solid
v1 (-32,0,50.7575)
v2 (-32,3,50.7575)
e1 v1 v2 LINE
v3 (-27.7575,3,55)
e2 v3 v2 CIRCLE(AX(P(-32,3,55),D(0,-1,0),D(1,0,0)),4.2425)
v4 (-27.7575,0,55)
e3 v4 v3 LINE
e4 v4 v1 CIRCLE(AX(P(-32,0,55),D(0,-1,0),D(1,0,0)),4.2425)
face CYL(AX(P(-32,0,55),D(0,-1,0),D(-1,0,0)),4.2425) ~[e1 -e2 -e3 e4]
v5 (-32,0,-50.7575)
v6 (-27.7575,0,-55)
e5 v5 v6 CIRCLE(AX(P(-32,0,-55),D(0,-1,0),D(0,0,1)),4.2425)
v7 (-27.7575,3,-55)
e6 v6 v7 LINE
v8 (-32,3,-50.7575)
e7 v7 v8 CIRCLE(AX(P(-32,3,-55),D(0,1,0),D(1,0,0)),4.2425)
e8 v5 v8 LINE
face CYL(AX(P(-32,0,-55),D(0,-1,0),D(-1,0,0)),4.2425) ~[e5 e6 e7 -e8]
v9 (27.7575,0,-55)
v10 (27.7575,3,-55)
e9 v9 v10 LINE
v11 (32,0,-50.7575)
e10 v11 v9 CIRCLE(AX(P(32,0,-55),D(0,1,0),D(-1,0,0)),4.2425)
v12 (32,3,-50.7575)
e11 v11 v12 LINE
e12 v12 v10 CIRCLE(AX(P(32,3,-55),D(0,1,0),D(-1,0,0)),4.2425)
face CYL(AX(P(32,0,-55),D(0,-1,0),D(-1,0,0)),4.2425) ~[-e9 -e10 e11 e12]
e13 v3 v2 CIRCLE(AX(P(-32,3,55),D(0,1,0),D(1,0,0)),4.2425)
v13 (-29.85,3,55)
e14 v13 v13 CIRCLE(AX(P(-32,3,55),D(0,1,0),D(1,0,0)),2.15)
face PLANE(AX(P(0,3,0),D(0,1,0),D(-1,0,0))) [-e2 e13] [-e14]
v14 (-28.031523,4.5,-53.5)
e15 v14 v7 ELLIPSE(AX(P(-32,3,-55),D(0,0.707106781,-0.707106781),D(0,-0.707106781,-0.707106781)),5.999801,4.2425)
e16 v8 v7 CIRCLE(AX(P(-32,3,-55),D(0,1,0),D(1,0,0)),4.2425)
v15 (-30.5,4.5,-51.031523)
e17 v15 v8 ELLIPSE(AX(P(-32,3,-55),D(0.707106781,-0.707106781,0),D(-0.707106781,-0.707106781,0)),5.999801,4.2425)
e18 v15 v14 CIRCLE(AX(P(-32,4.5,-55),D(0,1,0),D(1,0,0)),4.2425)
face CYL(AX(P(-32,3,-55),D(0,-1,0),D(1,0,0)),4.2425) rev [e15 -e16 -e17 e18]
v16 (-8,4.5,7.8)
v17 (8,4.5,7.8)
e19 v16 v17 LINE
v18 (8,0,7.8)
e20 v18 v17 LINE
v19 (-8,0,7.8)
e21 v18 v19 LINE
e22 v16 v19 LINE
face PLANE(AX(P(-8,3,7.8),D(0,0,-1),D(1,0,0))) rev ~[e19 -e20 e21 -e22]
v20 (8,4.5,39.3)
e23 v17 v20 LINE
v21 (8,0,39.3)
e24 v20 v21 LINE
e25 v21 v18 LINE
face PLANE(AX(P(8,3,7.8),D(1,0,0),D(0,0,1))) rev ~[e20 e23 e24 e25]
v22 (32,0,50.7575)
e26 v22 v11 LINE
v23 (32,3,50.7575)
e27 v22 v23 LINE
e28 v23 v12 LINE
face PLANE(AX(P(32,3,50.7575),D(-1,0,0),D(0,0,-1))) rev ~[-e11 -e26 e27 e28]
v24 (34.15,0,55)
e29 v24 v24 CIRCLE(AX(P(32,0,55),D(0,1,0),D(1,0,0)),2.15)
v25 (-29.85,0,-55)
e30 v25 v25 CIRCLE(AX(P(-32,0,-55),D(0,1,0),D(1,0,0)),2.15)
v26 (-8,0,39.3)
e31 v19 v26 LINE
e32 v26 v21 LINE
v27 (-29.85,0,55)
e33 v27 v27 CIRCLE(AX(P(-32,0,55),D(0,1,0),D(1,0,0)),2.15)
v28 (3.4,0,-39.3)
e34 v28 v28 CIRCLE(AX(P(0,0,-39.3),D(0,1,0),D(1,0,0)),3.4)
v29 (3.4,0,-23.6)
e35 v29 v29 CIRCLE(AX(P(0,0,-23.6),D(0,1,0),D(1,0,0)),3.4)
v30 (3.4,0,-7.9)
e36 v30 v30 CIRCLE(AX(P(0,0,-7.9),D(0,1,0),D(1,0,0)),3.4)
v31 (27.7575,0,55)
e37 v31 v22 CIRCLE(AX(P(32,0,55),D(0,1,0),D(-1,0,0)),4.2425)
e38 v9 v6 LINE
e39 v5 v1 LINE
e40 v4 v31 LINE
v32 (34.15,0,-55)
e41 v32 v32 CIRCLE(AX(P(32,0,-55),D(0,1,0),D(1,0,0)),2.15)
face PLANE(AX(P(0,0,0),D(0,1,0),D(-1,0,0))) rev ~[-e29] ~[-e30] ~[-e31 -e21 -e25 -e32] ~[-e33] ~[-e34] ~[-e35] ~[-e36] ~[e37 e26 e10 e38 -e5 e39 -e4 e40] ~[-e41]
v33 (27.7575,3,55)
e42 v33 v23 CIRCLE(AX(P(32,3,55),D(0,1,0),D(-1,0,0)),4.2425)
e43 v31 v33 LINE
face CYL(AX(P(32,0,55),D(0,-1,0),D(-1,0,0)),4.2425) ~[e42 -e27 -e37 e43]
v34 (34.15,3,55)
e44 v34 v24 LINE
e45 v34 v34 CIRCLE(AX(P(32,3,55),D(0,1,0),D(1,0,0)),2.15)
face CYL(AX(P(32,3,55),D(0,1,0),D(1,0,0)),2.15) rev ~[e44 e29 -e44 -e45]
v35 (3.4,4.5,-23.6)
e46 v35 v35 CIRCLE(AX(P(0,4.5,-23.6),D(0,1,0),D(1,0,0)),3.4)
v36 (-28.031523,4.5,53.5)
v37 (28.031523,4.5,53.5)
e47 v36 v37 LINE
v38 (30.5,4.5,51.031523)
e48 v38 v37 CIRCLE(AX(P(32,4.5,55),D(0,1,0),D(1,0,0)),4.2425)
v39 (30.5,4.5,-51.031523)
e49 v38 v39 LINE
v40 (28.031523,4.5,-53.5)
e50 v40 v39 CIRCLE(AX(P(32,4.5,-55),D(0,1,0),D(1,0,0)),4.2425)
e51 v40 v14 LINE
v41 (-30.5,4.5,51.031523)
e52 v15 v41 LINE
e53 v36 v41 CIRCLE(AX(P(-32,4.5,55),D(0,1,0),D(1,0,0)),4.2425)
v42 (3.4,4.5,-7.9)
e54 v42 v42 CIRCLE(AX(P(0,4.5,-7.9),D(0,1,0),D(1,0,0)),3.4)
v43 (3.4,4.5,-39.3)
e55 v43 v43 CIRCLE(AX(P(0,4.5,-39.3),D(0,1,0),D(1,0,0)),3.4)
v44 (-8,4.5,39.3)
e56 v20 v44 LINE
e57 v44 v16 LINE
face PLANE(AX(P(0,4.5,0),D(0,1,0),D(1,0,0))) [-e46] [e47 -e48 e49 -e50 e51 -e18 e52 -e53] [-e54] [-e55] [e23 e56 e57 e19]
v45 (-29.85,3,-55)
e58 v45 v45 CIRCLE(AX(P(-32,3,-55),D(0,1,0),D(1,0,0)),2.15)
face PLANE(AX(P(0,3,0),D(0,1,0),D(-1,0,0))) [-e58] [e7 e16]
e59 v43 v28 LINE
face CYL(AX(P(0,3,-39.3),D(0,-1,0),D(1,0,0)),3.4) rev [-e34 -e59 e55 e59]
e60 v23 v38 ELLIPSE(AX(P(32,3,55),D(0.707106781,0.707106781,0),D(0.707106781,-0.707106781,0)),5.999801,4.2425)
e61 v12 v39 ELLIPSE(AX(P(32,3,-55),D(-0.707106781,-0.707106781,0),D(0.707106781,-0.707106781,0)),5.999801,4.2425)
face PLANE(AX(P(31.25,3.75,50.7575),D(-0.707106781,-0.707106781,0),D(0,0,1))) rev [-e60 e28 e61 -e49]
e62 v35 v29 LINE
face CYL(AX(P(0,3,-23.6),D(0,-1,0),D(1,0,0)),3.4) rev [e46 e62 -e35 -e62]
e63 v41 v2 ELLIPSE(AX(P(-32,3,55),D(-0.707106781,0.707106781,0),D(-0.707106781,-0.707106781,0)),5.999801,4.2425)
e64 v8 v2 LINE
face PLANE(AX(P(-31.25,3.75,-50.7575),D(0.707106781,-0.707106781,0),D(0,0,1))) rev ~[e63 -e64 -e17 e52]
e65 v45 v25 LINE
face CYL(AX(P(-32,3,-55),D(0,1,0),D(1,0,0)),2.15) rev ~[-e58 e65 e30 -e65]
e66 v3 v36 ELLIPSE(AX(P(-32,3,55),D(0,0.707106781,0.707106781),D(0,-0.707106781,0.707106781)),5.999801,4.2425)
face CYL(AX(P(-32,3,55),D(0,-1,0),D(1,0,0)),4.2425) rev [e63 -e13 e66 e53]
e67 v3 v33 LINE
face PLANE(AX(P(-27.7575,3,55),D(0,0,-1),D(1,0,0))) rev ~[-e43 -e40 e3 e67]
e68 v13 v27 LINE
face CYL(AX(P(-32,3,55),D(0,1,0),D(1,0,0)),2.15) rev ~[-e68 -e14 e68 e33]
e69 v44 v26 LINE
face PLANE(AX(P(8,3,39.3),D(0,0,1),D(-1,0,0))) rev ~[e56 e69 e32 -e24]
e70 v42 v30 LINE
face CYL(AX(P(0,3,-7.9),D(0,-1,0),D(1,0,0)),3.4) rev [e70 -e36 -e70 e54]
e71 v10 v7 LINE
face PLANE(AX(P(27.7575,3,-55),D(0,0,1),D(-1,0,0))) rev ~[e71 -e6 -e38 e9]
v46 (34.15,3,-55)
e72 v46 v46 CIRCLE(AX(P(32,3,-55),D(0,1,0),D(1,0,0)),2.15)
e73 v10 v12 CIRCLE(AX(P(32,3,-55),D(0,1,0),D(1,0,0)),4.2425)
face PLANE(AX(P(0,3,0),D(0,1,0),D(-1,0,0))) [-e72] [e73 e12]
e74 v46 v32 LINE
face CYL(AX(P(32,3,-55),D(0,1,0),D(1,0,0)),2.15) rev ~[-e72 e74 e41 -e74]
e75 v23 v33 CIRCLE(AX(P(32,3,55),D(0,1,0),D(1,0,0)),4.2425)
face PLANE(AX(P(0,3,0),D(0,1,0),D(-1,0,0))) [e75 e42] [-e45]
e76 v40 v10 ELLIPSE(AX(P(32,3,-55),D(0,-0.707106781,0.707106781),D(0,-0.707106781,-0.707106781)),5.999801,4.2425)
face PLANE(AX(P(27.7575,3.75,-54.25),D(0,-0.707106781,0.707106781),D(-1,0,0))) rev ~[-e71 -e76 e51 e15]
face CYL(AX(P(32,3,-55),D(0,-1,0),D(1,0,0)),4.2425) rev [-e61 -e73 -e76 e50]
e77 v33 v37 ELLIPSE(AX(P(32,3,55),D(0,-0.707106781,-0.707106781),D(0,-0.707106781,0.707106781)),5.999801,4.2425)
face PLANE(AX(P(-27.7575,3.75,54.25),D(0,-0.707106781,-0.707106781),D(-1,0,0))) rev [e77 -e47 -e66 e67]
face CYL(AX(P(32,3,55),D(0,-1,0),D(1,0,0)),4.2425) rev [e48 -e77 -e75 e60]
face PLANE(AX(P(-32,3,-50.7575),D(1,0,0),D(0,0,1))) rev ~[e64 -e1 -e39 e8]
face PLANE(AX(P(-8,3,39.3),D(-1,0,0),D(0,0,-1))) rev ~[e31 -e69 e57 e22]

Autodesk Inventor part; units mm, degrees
ref_plane "YZ Plane" through (0, 0, 0) normal (1, 0, 0) x (0, 1, 0)
ref_plane "XZ Plane" through (0, 0, 0) normal (0, 1, 0) x (-1, 0, 0)
ref_plane "XY Plane" through (0, 0, 0) normal (0, 0, 1) x (1, 0, 0)
sketch "Sketch1" plane through (0, 0, 0) normal (0, 1, 0) x (-1, 0, 0)
  line L0 (32, 55) -> (-32, 55)
  line L1 (-32, 55) -> (-32, -55)
  line L2 (-32, -55) -> (32, -55)
  line L3 (32, -55) -> (32, 55)
  line L4 (32, 55) -> (-32, -55) construction
  line L5 (-32, 55) -> (32, -55) construction
  circle A0 centre (32, 55) radius 4.2425
  circle A1 centre (32, -55) radius 4.2425
  circle A2 centre (-32, 55) radius 4.2425
  circle A3 centre (-32, -55) radius 4.2425
  point P0 (0, 0)
  dimension "d0" = 64
  dimension "d1" = 110
  dimension "d2" = 8.485
  dimension "d5" = 110
  dimension "d8" = 64
extrude "Extrusion1" add sketch "Sketch1" along normal blind 3
sketch "Sketch2" plane through (0, 3, 0) normal (0, 1, 0) x (1, 0, 0)
  line L0 (32, -50.7575) -> (32, 50.7575) projected
  arc A0 (32, 50.7575) -> (27.7575, 55) centre (32, 55) ccw projected
  line L1 (27.7575, 55) -> (-27.7575, 55) projected
  arc A1 (-27.7575, 55) -> (-32, 50.7575) centre (-32, 55) ccw projected
  line L2 (-32, 50.7575) -> (-32, -50.7575) projected
  arc A2 (-32, -50.7575) -> (-27.7575, -55) centre (-32, -55) ccw projected
  line L3 (-27.7575, -55) -> (27.7575, -55) projected
  arc A3 (27.7575, -55) -> (32, -50.7575) centre (32, -55) ccw projected
  circle A4 centre (-32, -55) radius 2.15
  circle A5 centre (-32, 55) radius 2.15
  circle A6 centre (32, -55) radius 2.15
  circle A7 centre (32, 55) radius 2.15
  point P0 (0, 0)
  dimension "d13" = 4.3
  dimension "d16" = 110
  dimension "d19" = 64
extrude "Extrusion2" cut sketch "Sketch2" against normal blind 3 contours A4 | A5 | A6 | A7
sketch "Sketch3" plane through (0, 3, 0) normal (0, 1, 0) x (1, 0, 0)
  line L0 (-8, -39.3) -> (8, -39.3)
  line L1 (8, -39.3) -> (8, -7.8)
  line L2 (8, -7.8) -> (-8, -7.8)
  line L3 (-8, -7.8) -> (-8, -39.3)
  line L4 (-32, 50.7575) -> (-32, -50.7575) projected
  line L5 (32, -50.7575) -> (32, 50.7575) projected
  line L6 (-27.7575, -55) -> (27.7575, -55) projected
  point P0 (0, 0)
  dimension "d24" = 16
  dimension "d25" = 31.5
  dimension "d26" = 24
  dimension "d27" = 24
  dimension "d28" = 15.7
extrude "Extrusion3" cut sketch "Sketch3" against normal blind 3
sketch "Sketch4" plane through (0, 3, 0) normal (0, 1, 0) x (1, 0, 0)
  circle A0 centre (0, 7.9) radius 3.4
  line L0 (0, 82.9395) -> (0, -82.9395) projected
  circle A1 centre (0, 23.6) radius 3.4
  circle A2 centre (0, 39.3) radius 3.4
  line L1 (27.7575, 55) -> (-27.7575, 55) projected
  line L2 (-8, -7.8) -> (8, -7.8) projected
  point P0 (0, 0)
  dimension "d31" = 6.8
  dimension "d32" = 6.8
  dimension "d33" = 6.8
  dimension "d34" = 15.7
  dimension "d35" = 15.7
  dimension "d36" = 15.7
  dimension "d37" = 15.7
extrude "Extrusion4" cut sketch "Sketch4" against normal blind 3
sketch "Sketch5" plane through (0, 3, 0) normal (0, 1, 0) x (1, 0, 0)
  circle A0 centre (0, 23.6) radius 3.4 projected
  circle A1 centre (0, 7.9) radius 3.4 projected
  circle A2 centre (0, 39.3) radius 3.4 projected
  line L0 (8, -7.8) -> (8, -39.3) projected
  line L1 (8, -39.3) -> (-8, -39.3) projected
  line L2 (-8, -39.3) -> (-8, -7.8) projected
  line L3 (-8, -7.8) -> (8, -7.8) projected
  circle A3 centre (32, -55) radius 2.15 projected
  circle A4 centre (-32, -55) radius 2.15 projected
  circle A5 centre (-32, 55) radius 2.15 projected
  circle A6 centre (32, 55) radius 2.15 projected
  line L4 (32, -50.7575) -> (32, 50.7575) projected
  arc A7 (32, 50.7575) -> (27.7575, 55) centre (32, 55) ccw projected
  line L5 (27.7575, 55) -> (-27.7575, 55) projected
  arc A8 (-27.7575, 55) -> (-32, 50.7575) centre (-32, 55) ccw projected
  line L6 (-32, 50.7575) -> (-32, -50.7575) projected
  arc A9 (-32, -50.7575) -> (-27.7575, -55) centre (-32, -55) ccw projected
  line L7 (-27.7575, -55) -> (27.7575, -55) projected
  arc A10 (27.7575, -55) -> (32, -50.7575) centre (32, -55) ccw projected
  circle A11 centre (-32, -55) radius 2.15 projected
  circle A12 centre (-32, -55) radius 4.2425
  circle A13 centre (-32, 55) radius 4.2425
  circle A14 centre (32, -55) radius 4.2425
  circle A15 centre (32, 55) radius 4.2425
  line L8 (-32, -50.7575) -> (-32, 50.7575)
  line L9 (-27.7575, 55) -> (27.7575, 55)
  line L10 (32, -50.7575) -> (32, 50.7575) projected
  line L11 (32, 50.7575) -> (32, -50.7575)
  line L12 (-27.7575, -55) -> (27.7575, -55) projected
  line L13 (27.7575, -55) -> (-27.7575, -55)
  point P0 (0, 0)
  dimension "d42" = 110
  dimension "d45" = 64
extrude "Extrusion5" add sketch "Sketch5" along normal blind 1.5 contours A14 L7 A12 L6 A13 L5 A15 L4
chamfer "Chamfer1" distance 1.5 angle 45 4 edges at (-32, 4.5, 0) (0, 4.5, 55) (32, 4.5, 0) (0, 4.5, -55)
equation "\"d26\" = d27"
equation "\"d32\" = d31"
equation "\"d33\" = d31"
equation "\"d34\" = d37"
equation "\"d35\" = d34"
equation "\"d36\" = d34"
properties part number "gora"
